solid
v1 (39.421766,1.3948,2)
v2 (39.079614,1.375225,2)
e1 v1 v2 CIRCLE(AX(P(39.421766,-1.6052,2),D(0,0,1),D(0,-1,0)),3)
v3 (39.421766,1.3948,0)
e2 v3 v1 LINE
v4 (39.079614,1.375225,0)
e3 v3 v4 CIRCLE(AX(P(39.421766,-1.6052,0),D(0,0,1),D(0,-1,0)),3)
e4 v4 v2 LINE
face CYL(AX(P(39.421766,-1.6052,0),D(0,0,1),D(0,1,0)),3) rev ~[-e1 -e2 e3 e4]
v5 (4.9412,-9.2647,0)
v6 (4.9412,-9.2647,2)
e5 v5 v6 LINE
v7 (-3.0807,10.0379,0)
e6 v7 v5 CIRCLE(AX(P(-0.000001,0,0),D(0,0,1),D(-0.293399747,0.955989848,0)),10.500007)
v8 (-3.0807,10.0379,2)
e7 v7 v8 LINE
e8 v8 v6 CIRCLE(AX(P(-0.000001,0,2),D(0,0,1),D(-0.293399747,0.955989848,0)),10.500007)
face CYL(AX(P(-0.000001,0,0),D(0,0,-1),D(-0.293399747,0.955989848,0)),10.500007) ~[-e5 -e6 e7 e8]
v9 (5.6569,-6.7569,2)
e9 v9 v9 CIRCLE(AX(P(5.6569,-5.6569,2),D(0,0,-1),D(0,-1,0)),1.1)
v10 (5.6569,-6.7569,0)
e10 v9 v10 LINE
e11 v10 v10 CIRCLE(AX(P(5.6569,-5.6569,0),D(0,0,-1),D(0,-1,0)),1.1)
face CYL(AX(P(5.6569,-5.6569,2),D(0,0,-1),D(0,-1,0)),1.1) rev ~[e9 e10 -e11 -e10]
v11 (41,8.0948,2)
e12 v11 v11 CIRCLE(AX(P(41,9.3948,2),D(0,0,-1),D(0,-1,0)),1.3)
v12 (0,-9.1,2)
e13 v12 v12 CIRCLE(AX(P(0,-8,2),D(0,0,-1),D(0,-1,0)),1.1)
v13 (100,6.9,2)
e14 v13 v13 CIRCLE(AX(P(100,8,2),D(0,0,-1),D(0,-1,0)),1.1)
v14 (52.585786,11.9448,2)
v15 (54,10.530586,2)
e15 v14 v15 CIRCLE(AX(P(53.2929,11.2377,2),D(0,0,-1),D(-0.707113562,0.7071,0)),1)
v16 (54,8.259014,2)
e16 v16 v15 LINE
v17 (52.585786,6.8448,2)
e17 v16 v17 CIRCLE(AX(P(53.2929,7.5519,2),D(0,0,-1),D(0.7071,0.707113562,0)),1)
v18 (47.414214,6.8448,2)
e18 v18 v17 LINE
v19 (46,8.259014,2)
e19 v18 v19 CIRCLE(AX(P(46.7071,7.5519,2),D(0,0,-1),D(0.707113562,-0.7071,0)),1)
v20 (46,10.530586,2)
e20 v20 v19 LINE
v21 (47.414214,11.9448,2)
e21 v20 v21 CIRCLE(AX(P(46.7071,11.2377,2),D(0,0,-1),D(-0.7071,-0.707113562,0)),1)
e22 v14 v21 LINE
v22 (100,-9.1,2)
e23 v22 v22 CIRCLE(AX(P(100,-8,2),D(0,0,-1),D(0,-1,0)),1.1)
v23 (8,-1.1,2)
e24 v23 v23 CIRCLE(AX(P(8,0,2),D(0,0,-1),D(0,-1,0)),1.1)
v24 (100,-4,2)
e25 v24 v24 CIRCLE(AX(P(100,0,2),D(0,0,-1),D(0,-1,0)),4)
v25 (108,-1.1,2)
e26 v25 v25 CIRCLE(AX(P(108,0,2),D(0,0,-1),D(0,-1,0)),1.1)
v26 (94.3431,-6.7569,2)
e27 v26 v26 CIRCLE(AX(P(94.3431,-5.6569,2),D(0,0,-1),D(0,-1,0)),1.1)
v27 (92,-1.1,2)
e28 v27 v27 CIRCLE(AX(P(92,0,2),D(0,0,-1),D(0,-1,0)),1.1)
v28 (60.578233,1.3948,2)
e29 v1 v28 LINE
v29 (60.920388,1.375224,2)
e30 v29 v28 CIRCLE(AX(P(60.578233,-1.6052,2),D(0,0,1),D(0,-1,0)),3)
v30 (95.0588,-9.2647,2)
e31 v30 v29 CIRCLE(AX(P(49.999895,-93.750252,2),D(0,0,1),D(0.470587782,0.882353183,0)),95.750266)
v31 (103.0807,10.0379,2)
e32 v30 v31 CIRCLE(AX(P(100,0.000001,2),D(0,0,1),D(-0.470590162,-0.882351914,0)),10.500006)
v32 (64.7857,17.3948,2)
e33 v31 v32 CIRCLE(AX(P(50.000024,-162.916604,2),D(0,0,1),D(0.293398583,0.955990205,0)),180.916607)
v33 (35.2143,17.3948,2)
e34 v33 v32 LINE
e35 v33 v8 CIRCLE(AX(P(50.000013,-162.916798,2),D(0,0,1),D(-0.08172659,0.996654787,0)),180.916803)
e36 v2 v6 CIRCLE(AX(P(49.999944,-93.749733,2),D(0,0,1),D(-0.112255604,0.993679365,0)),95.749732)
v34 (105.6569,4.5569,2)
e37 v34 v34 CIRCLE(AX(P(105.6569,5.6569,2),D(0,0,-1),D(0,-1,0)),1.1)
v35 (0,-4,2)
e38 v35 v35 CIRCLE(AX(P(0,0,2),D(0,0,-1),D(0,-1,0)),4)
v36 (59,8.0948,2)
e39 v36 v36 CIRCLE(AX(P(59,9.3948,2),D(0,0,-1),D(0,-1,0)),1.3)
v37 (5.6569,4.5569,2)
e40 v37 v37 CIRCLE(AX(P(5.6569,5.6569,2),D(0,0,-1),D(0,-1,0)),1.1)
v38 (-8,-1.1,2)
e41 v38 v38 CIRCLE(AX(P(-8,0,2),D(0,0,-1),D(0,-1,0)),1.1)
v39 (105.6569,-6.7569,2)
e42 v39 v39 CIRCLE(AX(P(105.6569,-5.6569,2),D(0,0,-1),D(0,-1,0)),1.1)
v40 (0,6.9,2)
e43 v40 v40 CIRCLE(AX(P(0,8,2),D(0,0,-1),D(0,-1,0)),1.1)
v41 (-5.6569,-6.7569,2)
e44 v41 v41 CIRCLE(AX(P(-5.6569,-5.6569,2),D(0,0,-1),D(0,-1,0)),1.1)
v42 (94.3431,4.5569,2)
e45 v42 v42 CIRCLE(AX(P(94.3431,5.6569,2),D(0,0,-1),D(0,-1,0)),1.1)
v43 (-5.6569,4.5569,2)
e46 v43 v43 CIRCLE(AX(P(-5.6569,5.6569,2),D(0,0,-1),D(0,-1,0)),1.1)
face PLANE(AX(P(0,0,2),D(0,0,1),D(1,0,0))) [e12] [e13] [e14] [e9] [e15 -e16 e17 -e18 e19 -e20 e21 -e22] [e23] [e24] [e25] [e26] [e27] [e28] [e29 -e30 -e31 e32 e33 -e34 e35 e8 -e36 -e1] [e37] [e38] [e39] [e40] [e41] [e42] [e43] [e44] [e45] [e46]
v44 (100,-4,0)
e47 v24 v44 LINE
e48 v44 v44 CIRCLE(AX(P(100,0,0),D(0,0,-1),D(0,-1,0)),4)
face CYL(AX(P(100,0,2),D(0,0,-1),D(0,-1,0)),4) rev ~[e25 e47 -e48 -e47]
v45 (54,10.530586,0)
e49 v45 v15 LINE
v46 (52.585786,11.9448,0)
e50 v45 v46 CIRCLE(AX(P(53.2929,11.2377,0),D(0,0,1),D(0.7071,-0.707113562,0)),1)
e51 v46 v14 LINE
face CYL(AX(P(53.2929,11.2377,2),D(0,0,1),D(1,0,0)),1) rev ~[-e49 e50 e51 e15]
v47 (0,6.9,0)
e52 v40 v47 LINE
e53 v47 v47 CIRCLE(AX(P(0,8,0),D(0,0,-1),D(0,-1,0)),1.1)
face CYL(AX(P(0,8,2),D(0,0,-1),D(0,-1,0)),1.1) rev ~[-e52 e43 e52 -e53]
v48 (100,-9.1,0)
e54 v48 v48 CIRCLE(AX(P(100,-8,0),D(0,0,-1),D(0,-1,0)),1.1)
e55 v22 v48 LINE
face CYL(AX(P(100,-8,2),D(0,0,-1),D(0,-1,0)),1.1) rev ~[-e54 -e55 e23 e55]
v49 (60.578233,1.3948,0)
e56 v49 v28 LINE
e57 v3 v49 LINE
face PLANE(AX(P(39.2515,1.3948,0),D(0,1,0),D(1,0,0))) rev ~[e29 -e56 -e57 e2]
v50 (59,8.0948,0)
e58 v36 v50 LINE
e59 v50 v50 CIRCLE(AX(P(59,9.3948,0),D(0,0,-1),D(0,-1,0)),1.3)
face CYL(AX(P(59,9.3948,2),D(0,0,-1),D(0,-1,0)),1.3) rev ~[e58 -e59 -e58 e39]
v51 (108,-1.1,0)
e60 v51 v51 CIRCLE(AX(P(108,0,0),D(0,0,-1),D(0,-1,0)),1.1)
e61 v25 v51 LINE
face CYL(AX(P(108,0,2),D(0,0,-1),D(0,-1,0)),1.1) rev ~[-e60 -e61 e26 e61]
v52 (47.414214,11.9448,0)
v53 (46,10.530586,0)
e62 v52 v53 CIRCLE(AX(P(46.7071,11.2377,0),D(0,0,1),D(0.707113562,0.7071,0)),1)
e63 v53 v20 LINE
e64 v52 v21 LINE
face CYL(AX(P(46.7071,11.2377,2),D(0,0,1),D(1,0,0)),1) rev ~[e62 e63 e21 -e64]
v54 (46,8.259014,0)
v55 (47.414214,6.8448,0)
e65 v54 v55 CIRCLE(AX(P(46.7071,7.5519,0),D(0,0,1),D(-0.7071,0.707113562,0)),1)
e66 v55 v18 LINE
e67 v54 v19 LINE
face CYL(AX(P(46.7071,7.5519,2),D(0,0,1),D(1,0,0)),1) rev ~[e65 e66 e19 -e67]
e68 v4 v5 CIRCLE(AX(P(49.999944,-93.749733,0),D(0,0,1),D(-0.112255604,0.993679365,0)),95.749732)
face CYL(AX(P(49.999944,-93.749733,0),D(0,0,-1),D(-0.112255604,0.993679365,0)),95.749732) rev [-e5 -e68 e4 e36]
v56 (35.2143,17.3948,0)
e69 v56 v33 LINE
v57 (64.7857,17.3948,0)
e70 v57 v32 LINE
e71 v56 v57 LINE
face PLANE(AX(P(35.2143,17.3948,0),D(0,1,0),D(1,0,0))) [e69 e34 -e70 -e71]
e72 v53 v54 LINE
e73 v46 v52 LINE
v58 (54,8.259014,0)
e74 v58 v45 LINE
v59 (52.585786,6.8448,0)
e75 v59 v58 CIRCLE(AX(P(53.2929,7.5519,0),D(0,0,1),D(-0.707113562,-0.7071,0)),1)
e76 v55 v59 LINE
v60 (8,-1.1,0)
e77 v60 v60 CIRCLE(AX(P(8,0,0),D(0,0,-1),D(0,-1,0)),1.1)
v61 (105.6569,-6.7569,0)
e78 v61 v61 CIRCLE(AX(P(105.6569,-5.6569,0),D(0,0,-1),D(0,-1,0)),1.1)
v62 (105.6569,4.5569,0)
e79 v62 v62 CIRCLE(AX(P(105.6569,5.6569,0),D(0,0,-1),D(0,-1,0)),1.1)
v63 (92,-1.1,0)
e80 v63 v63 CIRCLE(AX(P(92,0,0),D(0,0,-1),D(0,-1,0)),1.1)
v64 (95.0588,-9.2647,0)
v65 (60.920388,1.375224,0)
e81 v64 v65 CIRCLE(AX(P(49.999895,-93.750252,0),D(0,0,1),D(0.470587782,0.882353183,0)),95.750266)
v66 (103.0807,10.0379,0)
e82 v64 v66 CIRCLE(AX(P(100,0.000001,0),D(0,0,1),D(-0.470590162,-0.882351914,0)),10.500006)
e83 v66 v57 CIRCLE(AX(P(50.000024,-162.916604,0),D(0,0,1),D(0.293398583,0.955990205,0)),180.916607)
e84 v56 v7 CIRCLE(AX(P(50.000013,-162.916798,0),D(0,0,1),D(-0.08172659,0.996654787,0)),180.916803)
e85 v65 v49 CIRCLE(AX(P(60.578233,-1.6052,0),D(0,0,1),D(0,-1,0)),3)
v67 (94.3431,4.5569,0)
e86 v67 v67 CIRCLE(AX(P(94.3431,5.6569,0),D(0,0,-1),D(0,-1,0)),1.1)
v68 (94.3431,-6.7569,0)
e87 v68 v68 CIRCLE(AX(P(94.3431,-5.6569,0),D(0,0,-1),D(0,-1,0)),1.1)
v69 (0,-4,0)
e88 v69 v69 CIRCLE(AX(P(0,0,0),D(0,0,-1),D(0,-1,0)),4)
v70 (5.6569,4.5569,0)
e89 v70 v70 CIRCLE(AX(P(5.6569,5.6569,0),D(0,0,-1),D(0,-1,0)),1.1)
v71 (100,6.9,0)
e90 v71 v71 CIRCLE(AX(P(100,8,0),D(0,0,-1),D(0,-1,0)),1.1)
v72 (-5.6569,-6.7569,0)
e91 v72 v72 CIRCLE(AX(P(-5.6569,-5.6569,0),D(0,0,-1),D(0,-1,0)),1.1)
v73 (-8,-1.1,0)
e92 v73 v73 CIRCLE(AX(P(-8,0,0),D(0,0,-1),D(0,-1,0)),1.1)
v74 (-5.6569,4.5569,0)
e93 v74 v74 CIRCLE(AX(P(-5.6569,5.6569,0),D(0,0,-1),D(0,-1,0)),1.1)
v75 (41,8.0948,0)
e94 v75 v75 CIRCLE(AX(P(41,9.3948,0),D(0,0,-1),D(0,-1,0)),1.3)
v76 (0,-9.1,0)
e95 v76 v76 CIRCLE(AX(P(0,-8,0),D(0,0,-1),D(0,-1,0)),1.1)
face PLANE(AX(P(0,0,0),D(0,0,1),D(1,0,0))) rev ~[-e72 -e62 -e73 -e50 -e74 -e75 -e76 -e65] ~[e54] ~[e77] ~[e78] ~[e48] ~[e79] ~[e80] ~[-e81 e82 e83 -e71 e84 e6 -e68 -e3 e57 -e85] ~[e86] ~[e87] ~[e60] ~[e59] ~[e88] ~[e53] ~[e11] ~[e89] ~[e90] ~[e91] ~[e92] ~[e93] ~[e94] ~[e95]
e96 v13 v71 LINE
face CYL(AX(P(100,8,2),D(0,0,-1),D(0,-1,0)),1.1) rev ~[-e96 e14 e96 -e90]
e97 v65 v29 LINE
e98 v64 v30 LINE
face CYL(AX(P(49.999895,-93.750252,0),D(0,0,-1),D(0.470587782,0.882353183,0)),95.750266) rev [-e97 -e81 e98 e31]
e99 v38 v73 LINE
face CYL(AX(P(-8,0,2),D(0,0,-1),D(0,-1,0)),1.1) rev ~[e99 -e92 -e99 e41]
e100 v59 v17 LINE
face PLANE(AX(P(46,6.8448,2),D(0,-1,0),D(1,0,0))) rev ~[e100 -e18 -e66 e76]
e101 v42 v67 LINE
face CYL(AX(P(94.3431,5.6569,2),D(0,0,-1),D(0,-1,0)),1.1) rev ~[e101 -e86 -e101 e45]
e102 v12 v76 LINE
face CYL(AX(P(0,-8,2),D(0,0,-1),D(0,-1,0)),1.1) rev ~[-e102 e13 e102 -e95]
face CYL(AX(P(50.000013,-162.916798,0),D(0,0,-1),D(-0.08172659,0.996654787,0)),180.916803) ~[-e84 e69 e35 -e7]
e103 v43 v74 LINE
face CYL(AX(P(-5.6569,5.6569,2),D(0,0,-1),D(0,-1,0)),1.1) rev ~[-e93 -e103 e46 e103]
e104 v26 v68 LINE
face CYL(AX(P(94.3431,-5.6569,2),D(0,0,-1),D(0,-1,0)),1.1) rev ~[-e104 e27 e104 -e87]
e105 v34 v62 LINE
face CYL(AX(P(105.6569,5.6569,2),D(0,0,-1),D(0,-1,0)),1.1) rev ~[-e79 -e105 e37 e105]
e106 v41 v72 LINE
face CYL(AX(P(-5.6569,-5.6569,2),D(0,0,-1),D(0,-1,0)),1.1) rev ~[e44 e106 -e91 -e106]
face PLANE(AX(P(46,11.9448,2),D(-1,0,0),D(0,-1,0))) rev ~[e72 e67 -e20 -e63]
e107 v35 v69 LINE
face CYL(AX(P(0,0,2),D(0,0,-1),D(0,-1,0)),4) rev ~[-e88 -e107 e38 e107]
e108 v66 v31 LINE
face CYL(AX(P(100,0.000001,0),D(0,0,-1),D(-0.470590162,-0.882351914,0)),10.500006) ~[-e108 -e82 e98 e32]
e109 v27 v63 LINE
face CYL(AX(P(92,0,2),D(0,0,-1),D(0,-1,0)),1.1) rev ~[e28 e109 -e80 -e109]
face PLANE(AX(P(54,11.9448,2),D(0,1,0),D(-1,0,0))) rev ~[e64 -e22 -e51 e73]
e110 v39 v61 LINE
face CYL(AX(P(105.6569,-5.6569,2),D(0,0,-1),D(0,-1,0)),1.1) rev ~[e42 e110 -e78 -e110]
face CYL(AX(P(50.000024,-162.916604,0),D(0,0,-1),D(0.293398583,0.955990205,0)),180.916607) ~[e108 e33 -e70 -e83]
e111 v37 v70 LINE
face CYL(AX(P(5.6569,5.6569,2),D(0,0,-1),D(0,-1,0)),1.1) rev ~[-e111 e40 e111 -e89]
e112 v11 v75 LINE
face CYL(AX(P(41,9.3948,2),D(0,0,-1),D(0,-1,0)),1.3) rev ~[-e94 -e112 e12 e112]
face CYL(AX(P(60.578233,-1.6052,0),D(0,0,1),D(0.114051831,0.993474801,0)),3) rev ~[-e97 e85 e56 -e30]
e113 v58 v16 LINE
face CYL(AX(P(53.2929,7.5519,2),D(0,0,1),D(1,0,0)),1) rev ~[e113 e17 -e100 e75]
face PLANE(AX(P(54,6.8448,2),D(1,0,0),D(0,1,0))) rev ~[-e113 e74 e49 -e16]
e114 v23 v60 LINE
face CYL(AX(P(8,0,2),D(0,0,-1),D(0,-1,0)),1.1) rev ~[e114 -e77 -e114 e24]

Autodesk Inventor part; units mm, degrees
ref_plane "YZ Plane" through (0, 0, 0) normal (1, 0, 0) x (0, 1, 0)
ref_plane "XZ Plane" through (0, 0, 0) normal (0, 1, 0) x (-1, 0, 0)
ref_plane "XY Plane" through (0, 0, 0) normal (0, 0, 1) x (1, 0, 0)
sketch "Sketch1" plane through (0, 0, 0) normal (0, 0, 1) x (1, 0, 0)
  line L0 (0, 0) -> (100, 0) construction
  arc A0 (10.5, 0) -> (-3.0807, 10.0379) centre (0, 0) ccw construction
  arc A1 (89.5, 0) -> (95.0588, -9.2647) centre (100, 0) ccw construction
  arc A2 (95.0588, -9.2647) -> (60.7485, 1.3948) centre (50, -93.75) ccw
  arc A3 (103.0807, 10.0379) -> (64.7857, 17.3948) centre (50, -162.9167) ccw
  line L1 (35.2143, 17.3948) -> (64.7857, 17.3948)
  line L2 (39.2515, 1.3948) -> (60.7485, 1.3948)
  line L3 (50, 0) -> (50, 2) construction
  line L4 (50, 18) -> (50, 2) construction
  line L5 (35.2143, 17.3948) -> (39.2515, 1.3948) construction
  line L6 (0, 0) -> (37.2329, 9.3948) construction
  arc A4 (39.2515, 1.3948) -> (4.9412, -9.2647) centre (50, -93.75) ccw
  arc A5 (60.7485, 1.3948) -> (39.2515, 1.3948) centre (50, -93.75) ccw construction
  arc A6 (35.2143, 17.3948) -> (-3.0807, 10.0379) centre (50, -162.9167) ccw
  arc A7 (64.7857, 17.3948) -> (35.2143, 17.3948) centre (50, -162.9167) ccw construction
  arc A8 (4.9412, -9.2647) -> (10.5, 0) centre (0, 0) ccw construction
  arc A9 (-3.0807, 10.0379) -> (4.9412, -9.2647) centre (0, 0) ccw
  arc A10 (103.0807, 10.0379) -> (89.5, 0) centre (100, 0) ccw construction
  arc A11 (95.0588, -9.2647) -> (103.0807, 10.0379) centre (100, 0) ccw
  dimension "d0" = 100
  dimension "d1" = 21
  dimension "d2" = 2
  dimension "d3" = 16
  dimension "d30" = 16
  dimension "d31" = 38.3998
extrude "Extrusion1" add sketch "Sketch1" along normal blind 2
sketch "Sketch2" plane through (0, 0, 2) normal (0, 0, 1) x (1, 0, 0)
  line L0 (64.7857, 17.3948) -> (35.2143, 17.3948) construction
  line L1 (39.2515, 1.3948) -> (60.7485, 1.3948) construction
  line L2 (50, 17.3948) -> (50, 1.3948) construction
  line L3 (41, 9.3948) -> (59, 9.3948) construction
  line L4 (46, 6.8448) -> (54, 6.8448)
  line L5 (54, 6.8448) -> (54, 11.9448)
  line L6 (54, 11.9448) -> (46, 11.9448)
  line L7 (46, 11.9448) -> (46, 6.8448)
  line L8 (46, 6.8448) -> (54, 11.9448) construction
  line L9 (54, 6.8448) -> (46, 11.9448) construction
  point P0 (0, 0)
  point P1 (50, 9.3948)
  dimension "d7" = 18
  dimension "d8" = 5.1
  dimension "d9" = 8
extrude "Extrusion2" cut sketch "Sketch2" against normal through all
hole "Hole1" at (41, 9.3948, 2) at (59, 9.3948, 2) direction (0, 0, -1) diameter 2.6 end through all
sketch "Sketch3" plane through (0, 0, 2) normal (0, 0, 1) x (1, 0, 0)
  line L0 (46, 11.9448) -> (54, 11.9448) construction
  line L1 (46, 6.8448) -> (46, 11.9448) construction
  line L2 (54, 6.8448) -> (46, 6.8448) construction
  line L3 (54, 11.9448) -> (54, 6.8448) construction
  line L4 (53.2929, 11.2377) -> (46.7071, 11.2377) construction
  line L5 (46.7071, 11.2377) -> (46.7071, 7.5519) construction
  line L6 (46.7071, 7.5519) -> (53.2929, 7.5519) construction
  line L7 (53.2929, 7.5519) -> (53.2929, 11.2377) construction
  circle A0 centre (46.7071, 11.2377) radius 1
  circle A1 centre (46.7071, 7.5519) radius 1
  circle A2 centre (53.2929, 7.5519) radius 1
  circle A3 centre (53.2929, 11.2377) radius 1
  point P0 (0, 0)
  dimension "d19" = 2
extrude "Extrusion3" cut sketch "Sketch3" against normal through all
sketch "Sketch4" plane through (0, 0, 2) normal (0, 0, 1) x (1, 0, 0)
  arc A0 (95.0588, -9.2647) -> (103.0807, 10.0379) centre (100, 0) ccw construction
  point P0 (0, 0)
  point P1 (0, 0)
hole "Hole2" at (0, 0, 2) at (100, 0, 2) direction (0, 0, -1) diameter 8 end through all
sketch "Sketch5" plane through (0, 0, 2) normal (0, 0, 1) x (1, 0, 0)
  circle A0 centre (0, 0) radius 8 construction
  circle A1 centre (100, 0) radius 4 construction
  circle A2 centre (100, 0) radius 8 construction
  line L0 (-8, 0) -> (0, 0) construction
  line L1 (100, 0) -> (108, 0) construction
  point P0 (-5.6569, -5.6569)
  point P1 (0, -8)
  point P2 (5.6569, -5.6569)
  point P3 (8, 0)
  point P4 (5.6569, 5.6569)
  point P5 (0, 8)
  point P6 (-5.6569, 5.6569)
  point P7 (105.6569, 5.6569)
  point P8 (100, 8)
  point P9 (94.3431, 5.6569)
  point P10 (92, 0)
  point P11 (94.3431, -5.6569)
  point P12 (100, -8)
  point P13 (105.6569, -5.6569)
  dimension "d36" = 16
  dimension "d34" = 360
  dimension "d39" = 360
hole "Hole3" at (-8, 0, 2) at (-5.6569, -5.6569, 2) at (0, -8, 2) at (5.6569, -5.6569, 2) at (8, 0, 2) at (5.6569, 5.6569, 2) at (0, 8, 2) at (-5.6569, 5.6569, 2) at (108, 0, 2) at (105.6569, 5.6569, 2) at (100, 8, 2) at (94.3431, 5.6569, 2) at (92, 0, 2) at (94.3431, -5.6569, 2) at (100, -8, 2) at (105.6569, -5.6569, 2) direction (0, 0, -1) diameter 2.2 end through all
fillet "Fillet1" radius 3 4 edges at (35.2143, 17.3948, 1) (64.7857, 17.3948, 1) (60.7485, 1.3948, 1) (39.2515, 1.3948, 1)
sketch "Sketch6" plane through (0, 0, 2) normal (0, 0, 1) x (1, 0, 0)
  arc A0 (64.9097, 17.3846) -> (64.6624, 17.3948) centre (64.6624, 14.3948) ccw projected
  line L0 (64.6624, 17.3948) -> (35.3376, 17.3948) projected
  arc A1 (35.3376, 17.3948) -> (35.0903, 17.3846) centre (35.3376, 14.3948) ccw projected
  arc A2 (35.0903, 17.3846) -> (-3.0807, 10.0379) centre (50, -162.9167) ccw projected
  arc A3 (-3.0807, 10.0379) -> (4.9412, -9.2647) centre (0, 0) ccw projected
  arc A4 (39.0796, 1.3752) -> (4.9412, -9.2647) centre (50, -93.75) ccw projected
  arc A5 (39.4217, 1.3948) -> (39.0796, 1.3752) centre (39.4217, -1.6052) ccw projected
  line L1 (39.4217, 1.3948) -> (60.5783, 1.3948) projected
  arc A6 (60.9204, 1.3752) -> (60.5783, 1.3948) centre (60.5783, -1.6052) ccw projected
  arc A7 (95.0588, -9.2647) -> (60.9204, 1.3752) centre (50, -93.75) ccw projected
  arc A8 (95.0588, -9.2647) -> (103.0807, 10.0379) centre (100, 0) ccw projected
  arc A9 (103.0807, 10.0379) -> (64.9097, 17.3846) centre (50, -162.9167) ccw projected
  circle A10 centre (100, -8) radius 1.1 projected
  circle A11 centre (92, 0) radius 1.1 projected
  circle A12 centre (100, 8) radius 1.1 projected
  circle A13 centre (108, 0) radius 1.1 projected
  circle A14 centre (0, 8) radius 1.1 projected
  circle A15 centre (8, 0) radius 1.1 projected
  circle A16 centre (0, -8) radius 1.1 projected
  circle A17 centre (-8, 0) radius 1.1 projected
  circle A18 centre (-5.6569, -5.6569) radius 1.1 projected
  circle A19 centre (5.6569, -5.6569) radius 1.1 projected
  circle A20 centre (5.6569, 5.6569) radius 1.1 projected
  circle A21 centre (-5.6569, 5.6569) radius 1.1 projected
  circle A22 centre (105.6569, 5.6569) radius 1.1 projected
  circle A23 centre (94.3431, 5.6569) radius 1.1 projected
  circle A24 centre (94.3431, -5.6569) radius 1.1 projected
  circle A25 centre (105.6569, -5.6569) radius 1.1 projected
  circle A26 centre (0, 0) radius 4 projected
  circle A27 centre (100, 0) radius 4 projected
  arc A28 (52.5858, 6.8448) -> (54, 8.259) centre (53.2929, 7.5519) ccw projected
  line L2 (52.5858, 6.8448) -> (47.4142, 6.8448) projected
  arc A29 (46, 8.259) -> (47.4142, 6.8448) centre (46.7071, 7.5519) ccw projected
  line L3 (46, 8.259) -> (46, 10.5306) projected
  arc A30 (47.4142, 11.9448) -> (46, 10.5306) centre (46.7071, 11.2377) ccw projected
  line L4 (47.4142, 11.9448) -> (52.5858, 11.9448) projected
  arc A31 (54, 10.5306) -> (52.5858, 11.9448) centre (53.2929, 11.2377) ccw projected
  line L5 (54, 10.5306) -> (54, 8.259) projected
  circle A32 centre (41, 9.3948) radius 1.3 projected
  circle A33 centre (59, 9.3948) radius 1.3 projected
properties part number "16_012_FEMUR_FRAME_DRIVER_R1" material "Aluminum 6061"
